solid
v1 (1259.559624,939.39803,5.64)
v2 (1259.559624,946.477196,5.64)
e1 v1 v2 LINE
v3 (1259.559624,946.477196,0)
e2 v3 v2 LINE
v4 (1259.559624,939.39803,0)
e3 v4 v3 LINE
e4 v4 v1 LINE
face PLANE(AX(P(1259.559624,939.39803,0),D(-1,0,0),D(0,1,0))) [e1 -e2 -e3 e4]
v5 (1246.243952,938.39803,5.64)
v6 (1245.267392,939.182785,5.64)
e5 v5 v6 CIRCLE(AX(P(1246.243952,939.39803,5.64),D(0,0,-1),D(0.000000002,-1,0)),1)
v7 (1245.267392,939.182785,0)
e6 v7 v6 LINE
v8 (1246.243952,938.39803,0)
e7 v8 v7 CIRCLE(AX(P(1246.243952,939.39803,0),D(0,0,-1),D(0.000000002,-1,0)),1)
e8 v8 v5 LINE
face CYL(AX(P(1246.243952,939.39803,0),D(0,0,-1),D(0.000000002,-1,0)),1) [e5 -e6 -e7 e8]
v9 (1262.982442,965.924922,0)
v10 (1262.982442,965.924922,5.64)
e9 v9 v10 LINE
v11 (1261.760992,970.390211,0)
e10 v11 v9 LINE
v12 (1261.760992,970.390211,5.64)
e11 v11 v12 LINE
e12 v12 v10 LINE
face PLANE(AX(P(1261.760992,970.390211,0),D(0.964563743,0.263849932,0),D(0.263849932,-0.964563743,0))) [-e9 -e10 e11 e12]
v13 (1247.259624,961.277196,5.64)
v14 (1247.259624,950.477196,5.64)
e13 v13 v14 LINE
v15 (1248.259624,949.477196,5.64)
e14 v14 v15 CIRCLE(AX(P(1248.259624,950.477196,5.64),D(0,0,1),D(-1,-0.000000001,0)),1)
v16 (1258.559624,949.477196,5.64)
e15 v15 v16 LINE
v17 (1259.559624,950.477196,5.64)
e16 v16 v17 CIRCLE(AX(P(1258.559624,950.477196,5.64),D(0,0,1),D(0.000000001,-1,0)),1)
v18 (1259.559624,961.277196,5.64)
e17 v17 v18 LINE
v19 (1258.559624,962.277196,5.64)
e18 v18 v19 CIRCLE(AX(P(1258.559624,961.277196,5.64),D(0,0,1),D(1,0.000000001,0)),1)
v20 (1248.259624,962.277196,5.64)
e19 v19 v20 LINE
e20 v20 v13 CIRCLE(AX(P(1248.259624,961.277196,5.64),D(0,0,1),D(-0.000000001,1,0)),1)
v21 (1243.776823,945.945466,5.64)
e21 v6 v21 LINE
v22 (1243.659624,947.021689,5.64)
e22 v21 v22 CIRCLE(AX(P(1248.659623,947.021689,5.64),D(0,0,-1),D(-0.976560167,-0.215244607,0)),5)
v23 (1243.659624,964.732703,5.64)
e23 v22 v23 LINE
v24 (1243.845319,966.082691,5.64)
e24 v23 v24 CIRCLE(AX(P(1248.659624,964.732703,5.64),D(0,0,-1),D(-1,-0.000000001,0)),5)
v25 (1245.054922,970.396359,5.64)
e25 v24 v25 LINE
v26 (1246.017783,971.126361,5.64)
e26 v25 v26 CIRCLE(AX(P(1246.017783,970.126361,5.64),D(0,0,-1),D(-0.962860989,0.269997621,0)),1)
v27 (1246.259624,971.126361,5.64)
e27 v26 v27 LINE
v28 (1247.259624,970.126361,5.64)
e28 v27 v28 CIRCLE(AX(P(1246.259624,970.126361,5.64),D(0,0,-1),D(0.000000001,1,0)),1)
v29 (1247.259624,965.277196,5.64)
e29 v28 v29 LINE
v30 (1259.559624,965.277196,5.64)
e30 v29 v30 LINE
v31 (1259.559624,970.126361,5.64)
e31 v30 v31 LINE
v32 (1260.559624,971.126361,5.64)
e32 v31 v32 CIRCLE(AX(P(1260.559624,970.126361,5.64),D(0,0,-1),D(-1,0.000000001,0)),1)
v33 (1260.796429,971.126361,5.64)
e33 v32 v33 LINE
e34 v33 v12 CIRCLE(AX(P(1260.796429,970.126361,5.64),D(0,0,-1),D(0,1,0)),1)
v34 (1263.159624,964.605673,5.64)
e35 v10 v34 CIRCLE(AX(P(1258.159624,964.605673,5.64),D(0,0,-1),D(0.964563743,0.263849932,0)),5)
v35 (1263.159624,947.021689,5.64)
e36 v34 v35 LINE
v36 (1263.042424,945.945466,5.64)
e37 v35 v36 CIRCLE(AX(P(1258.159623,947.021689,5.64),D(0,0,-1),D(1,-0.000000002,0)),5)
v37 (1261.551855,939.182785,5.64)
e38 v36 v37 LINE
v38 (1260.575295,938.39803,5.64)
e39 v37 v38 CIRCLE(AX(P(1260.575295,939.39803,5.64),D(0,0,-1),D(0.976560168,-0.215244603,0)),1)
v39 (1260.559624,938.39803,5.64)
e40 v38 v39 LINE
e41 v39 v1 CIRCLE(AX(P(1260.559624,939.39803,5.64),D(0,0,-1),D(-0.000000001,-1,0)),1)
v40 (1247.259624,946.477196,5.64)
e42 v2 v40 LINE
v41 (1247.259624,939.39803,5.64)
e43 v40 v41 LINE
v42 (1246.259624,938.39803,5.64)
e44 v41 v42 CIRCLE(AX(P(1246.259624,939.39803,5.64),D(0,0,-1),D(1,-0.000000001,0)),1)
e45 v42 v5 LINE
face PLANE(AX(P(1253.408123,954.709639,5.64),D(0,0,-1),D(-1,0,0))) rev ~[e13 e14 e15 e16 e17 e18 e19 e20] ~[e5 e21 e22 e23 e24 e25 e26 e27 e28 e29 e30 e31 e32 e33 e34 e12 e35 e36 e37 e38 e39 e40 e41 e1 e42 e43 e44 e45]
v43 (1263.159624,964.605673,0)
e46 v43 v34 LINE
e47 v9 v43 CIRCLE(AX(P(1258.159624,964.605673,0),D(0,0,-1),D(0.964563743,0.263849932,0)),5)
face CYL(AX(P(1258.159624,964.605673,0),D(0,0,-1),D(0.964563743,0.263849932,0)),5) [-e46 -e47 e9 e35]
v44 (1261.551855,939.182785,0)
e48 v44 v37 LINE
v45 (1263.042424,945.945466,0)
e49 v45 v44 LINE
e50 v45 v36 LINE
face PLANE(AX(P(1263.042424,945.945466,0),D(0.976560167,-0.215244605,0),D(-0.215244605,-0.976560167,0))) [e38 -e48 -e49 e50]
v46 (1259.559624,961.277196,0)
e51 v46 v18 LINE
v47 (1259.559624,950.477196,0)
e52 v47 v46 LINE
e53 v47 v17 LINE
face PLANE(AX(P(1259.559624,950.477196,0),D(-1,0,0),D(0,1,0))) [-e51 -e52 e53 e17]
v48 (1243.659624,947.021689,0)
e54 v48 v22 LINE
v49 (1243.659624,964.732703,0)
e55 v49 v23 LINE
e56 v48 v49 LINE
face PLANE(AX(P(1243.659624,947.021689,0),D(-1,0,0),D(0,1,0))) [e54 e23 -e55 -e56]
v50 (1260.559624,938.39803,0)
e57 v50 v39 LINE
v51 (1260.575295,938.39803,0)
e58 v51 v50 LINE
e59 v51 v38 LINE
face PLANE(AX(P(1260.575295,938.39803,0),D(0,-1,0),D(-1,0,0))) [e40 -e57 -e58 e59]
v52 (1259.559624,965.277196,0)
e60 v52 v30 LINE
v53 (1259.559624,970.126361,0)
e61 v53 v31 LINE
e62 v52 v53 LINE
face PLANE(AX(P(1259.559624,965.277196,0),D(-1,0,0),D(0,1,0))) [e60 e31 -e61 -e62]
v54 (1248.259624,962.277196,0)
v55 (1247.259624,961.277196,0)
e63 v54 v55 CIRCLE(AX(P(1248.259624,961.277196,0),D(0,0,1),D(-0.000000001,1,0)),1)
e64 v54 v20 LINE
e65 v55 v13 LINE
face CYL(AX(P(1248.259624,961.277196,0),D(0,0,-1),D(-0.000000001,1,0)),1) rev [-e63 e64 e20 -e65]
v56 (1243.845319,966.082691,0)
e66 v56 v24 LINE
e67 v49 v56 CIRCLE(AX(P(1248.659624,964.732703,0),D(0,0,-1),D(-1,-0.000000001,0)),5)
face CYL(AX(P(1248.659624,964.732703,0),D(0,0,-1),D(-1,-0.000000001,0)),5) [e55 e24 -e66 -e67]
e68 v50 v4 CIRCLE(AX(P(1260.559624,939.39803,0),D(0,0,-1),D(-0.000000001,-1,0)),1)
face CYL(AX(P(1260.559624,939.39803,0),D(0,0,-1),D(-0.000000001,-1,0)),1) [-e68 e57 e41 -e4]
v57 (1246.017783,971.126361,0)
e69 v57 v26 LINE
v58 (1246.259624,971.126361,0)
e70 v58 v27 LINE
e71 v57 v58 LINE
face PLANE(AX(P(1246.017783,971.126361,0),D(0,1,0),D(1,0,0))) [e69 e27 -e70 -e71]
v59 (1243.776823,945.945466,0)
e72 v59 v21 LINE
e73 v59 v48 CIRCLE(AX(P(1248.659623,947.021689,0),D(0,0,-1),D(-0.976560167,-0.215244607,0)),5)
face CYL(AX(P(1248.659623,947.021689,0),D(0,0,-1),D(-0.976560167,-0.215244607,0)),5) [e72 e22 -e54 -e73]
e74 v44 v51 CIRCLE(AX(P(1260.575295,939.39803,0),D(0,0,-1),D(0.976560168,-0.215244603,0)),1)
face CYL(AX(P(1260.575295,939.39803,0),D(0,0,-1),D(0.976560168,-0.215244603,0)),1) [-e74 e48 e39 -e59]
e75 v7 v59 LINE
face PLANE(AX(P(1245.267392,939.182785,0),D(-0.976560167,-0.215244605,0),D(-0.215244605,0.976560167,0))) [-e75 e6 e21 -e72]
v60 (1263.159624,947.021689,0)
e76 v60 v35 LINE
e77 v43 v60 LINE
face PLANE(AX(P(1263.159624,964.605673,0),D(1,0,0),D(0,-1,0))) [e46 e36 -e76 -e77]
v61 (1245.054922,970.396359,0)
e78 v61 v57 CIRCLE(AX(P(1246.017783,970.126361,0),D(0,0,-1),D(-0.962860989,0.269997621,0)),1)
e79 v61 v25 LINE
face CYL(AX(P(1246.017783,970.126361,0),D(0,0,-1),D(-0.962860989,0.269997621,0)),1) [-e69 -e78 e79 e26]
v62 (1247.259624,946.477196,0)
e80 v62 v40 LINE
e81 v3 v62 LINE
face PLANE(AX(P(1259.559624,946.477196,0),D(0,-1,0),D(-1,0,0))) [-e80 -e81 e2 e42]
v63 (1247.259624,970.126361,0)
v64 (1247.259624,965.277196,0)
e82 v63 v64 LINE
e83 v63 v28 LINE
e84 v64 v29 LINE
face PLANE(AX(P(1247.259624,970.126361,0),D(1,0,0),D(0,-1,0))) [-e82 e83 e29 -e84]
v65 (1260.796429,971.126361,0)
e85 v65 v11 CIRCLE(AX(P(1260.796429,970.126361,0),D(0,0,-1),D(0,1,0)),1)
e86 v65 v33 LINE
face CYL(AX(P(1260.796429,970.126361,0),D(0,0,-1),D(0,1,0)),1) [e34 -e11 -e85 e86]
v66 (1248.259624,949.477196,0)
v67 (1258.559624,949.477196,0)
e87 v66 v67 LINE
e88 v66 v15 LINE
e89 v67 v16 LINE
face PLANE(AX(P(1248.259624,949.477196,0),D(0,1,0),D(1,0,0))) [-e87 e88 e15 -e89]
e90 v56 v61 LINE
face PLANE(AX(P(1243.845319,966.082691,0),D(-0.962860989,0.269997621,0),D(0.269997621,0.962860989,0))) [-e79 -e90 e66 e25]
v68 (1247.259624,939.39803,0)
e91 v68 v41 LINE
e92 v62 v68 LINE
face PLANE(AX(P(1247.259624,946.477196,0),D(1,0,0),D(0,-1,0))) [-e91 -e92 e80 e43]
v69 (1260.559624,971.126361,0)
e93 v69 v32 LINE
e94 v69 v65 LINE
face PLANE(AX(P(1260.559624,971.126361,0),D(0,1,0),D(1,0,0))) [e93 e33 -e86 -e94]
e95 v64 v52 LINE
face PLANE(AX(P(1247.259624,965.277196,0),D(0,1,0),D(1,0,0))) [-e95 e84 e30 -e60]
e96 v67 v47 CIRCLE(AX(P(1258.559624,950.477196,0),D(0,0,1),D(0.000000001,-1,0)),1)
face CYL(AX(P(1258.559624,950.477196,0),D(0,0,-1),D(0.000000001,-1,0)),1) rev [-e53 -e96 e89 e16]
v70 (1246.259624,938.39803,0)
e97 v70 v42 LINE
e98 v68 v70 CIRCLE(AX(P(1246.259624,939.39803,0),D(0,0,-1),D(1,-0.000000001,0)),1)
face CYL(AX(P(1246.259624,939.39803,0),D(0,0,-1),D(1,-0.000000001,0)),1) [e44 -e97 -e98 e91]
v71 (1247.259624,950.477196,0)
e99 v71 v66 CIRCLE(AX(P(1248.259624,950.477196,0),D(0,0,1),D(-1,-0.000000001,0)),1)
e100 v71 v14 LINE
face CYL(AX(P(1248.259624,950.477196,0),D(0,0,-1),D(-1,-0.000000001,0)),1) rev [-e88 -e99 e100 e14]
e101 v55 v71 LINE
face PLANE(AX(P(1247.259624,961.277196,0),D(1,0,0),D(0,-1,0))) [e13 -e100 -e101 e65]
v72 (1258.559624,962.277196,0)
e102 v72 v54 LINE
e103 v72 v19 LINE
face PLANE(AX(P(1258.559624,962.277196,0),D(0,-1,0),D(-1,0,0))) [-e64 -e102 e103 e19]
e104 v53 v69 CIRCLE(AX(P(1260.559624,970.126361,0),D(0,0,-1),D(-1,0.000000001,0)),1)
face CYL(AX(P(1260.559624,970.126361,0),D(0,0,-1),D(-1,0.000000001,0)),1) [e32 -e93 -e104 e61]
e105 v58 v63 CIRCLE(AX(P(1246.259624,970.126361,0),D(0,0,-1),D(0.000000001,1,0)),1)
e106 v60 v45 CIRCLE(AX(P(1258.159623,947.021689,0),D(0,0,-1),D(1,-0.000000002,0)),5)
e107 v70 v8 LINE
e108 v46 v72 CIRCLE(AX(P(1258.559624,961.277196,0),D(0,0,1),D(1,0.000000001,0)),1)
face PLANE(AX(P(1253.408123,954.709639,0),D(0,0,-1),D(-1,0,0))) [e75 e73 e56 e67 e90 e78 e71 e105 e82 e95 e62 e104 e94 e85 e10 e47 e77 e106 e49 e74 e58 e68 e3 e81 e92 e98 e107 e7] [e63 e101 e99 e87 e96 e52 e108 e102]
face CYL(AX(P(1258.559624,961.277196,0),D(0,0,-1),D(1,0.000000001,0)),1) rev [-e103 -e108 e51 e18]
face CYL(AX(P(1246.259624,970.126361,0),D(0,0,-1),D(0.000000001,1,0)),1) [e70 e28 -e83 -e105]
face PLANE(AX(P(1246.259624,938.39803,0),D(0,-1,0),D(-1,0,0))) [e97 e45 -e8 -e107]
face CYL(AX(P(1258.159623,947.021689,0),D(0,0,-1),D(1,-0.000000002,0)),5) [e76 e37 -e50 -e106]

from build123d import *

# Parameters (mm, degrees)
BOSS_EXTRUDE1_DEPTH = 5.64


with BuildPart() as part:
    # Sketch1 → Boss-Extrude1 (new body)
    with BuildSketch(Plane.XY):
        with BuildLine():
            Line((1246.017783232, 971.126361431), (1246.259623553, 971.126361431))
            ThreePointArc((1246.259623553, 971.126361431), (1246.966730334, 970.833468212), (1247.259623553, 970.126361431))
            Line((1247.259623553, 970.126361431), (1247.259623553, 965.277195661))
            Line((1247.259623553, 965.277195661), (1259.559623553, 965.277195661))
            Line((1259.559623553, 965.277195661), (1259.559623553, 970.126361431))
            ThreePointArc((1259.559623553, 970.126361431), (1259.852516772, 970.833468212), (1260.559623553, 971.126361431))
            Line((1260.559623553, 971.126361431), (1260.796428716, 971.126361431))
            ThreePointArc((1260.796428716, 971.126361431), (1261.403120593, 970.921298514), (1261.760992458, 970.390211362))
            Line((1261.760992458, 970.390211362), (1262.982442266, 965.92492236))
            ThreePointArc((1262.982442266, 965.92492236), (1263.115130266, 965.271220008), (1263.159623553, 964.605672702))
            Line((1263.159623553, 964.605672702), (1263.159623553, 947.021688584))
            ThreePointArc((1263.159623553, 947.021688584), (1263.130237407, 946.480395771), (1263.042424389, 945.945465561))
            Line((1263.042424389, 945.945465561), (1261.551855255, 939.182785286))
            ThreePointArc((1261.551855255, 939.182785286), (1261.201695677, 938.618528574), (1260.575295088, 938.398029891))
            Line((1260.575295088, 938.398029891), (1260.559623553, 938.398029891))
            ThreePointArc((1260.559623553, 938.398029891), (1259.852516772, 938.69092311), (1259.559623553, 939.398029891))
            Line((1259.559623553, 939.398029891), (1259.559623553, 946.477195661))
            Line((1259.559623553, 946.477195661), (1247.259623553, 946.477195661))
            Line((1247.259623553, 946.477195661), (1247.259623553, 939.398029891))
            ThreePointArc((1247.259623553, 939.398029891), (1246.966730334, 938.69092311), (1246.259623553, 938.398029891))
            Line((1246.259623553, 938.398029891), (1246.243952018, 938.398029891))
            ThreePointArc((1246.243952018, 938.398029891), (1245.617551429, 938.618528574), (1245.267391851, 939.182785286))
            Line((1245.267391851, 939.182785286), (1243.776822717, 945.945465561))
            ThreePointArc((1243.776822717, 945.945465561), (1243.689009698, 946.480395771), (1243.659623553, 947.021688584))
            Line((1243.659623553, 947.021688584), (1243.659623553, 964.732702737))
            ThreePointArc((1243.659623553, 964.732702737), (1243.706264857, 965.414052599), (1243.845318606, 966.082690842))
            Line((1243.845318606, 966.082690842), (1245.054922243, 970.396359052))
            ThreePointArc((1245.054922243, 970.396359052), (1245.413629949, 970.923229557), (1246.017783232, 971.126361431))
        make_face()
        with BuildLine():
            Line((1247.259623553, 961.277195661), (1247.259623553, 950.477195661))
            ThreePointArc((1247.259623553, 950.477195661), (1247.552516772, 949.77008888), (1248.259623553, 949.477195661))
            Line((1248.259623553, 949.477195661), (1258.559623553, 949.477195661))
            ThreePointArc((1258.559623553, 949.477195661), (1259.266730334, 949.77008888), (1259.559623553, 950.477195661))
            Line((1259.559623553, 950.477195661), (1259.559623553, 961.277195661))
            ThreePointArc((1259.559623553, 961.277195661), (1259.266730334, 961.984302442), (1258.559623553, 962.277195661))
            Line((1258.559623553, 962.277195661), (1248.259623553, 962.277195661))
            ThreePointArc((1248.259623553, 962.277195661), (1247.552516772, 961.984302442), (1247.259623553, 961.277195661))
        make_face(mode=Mode.SUBTRACT)
    extrude(amount=BOSS_EXTRUDE1_DEPTH)


solid = part.part
